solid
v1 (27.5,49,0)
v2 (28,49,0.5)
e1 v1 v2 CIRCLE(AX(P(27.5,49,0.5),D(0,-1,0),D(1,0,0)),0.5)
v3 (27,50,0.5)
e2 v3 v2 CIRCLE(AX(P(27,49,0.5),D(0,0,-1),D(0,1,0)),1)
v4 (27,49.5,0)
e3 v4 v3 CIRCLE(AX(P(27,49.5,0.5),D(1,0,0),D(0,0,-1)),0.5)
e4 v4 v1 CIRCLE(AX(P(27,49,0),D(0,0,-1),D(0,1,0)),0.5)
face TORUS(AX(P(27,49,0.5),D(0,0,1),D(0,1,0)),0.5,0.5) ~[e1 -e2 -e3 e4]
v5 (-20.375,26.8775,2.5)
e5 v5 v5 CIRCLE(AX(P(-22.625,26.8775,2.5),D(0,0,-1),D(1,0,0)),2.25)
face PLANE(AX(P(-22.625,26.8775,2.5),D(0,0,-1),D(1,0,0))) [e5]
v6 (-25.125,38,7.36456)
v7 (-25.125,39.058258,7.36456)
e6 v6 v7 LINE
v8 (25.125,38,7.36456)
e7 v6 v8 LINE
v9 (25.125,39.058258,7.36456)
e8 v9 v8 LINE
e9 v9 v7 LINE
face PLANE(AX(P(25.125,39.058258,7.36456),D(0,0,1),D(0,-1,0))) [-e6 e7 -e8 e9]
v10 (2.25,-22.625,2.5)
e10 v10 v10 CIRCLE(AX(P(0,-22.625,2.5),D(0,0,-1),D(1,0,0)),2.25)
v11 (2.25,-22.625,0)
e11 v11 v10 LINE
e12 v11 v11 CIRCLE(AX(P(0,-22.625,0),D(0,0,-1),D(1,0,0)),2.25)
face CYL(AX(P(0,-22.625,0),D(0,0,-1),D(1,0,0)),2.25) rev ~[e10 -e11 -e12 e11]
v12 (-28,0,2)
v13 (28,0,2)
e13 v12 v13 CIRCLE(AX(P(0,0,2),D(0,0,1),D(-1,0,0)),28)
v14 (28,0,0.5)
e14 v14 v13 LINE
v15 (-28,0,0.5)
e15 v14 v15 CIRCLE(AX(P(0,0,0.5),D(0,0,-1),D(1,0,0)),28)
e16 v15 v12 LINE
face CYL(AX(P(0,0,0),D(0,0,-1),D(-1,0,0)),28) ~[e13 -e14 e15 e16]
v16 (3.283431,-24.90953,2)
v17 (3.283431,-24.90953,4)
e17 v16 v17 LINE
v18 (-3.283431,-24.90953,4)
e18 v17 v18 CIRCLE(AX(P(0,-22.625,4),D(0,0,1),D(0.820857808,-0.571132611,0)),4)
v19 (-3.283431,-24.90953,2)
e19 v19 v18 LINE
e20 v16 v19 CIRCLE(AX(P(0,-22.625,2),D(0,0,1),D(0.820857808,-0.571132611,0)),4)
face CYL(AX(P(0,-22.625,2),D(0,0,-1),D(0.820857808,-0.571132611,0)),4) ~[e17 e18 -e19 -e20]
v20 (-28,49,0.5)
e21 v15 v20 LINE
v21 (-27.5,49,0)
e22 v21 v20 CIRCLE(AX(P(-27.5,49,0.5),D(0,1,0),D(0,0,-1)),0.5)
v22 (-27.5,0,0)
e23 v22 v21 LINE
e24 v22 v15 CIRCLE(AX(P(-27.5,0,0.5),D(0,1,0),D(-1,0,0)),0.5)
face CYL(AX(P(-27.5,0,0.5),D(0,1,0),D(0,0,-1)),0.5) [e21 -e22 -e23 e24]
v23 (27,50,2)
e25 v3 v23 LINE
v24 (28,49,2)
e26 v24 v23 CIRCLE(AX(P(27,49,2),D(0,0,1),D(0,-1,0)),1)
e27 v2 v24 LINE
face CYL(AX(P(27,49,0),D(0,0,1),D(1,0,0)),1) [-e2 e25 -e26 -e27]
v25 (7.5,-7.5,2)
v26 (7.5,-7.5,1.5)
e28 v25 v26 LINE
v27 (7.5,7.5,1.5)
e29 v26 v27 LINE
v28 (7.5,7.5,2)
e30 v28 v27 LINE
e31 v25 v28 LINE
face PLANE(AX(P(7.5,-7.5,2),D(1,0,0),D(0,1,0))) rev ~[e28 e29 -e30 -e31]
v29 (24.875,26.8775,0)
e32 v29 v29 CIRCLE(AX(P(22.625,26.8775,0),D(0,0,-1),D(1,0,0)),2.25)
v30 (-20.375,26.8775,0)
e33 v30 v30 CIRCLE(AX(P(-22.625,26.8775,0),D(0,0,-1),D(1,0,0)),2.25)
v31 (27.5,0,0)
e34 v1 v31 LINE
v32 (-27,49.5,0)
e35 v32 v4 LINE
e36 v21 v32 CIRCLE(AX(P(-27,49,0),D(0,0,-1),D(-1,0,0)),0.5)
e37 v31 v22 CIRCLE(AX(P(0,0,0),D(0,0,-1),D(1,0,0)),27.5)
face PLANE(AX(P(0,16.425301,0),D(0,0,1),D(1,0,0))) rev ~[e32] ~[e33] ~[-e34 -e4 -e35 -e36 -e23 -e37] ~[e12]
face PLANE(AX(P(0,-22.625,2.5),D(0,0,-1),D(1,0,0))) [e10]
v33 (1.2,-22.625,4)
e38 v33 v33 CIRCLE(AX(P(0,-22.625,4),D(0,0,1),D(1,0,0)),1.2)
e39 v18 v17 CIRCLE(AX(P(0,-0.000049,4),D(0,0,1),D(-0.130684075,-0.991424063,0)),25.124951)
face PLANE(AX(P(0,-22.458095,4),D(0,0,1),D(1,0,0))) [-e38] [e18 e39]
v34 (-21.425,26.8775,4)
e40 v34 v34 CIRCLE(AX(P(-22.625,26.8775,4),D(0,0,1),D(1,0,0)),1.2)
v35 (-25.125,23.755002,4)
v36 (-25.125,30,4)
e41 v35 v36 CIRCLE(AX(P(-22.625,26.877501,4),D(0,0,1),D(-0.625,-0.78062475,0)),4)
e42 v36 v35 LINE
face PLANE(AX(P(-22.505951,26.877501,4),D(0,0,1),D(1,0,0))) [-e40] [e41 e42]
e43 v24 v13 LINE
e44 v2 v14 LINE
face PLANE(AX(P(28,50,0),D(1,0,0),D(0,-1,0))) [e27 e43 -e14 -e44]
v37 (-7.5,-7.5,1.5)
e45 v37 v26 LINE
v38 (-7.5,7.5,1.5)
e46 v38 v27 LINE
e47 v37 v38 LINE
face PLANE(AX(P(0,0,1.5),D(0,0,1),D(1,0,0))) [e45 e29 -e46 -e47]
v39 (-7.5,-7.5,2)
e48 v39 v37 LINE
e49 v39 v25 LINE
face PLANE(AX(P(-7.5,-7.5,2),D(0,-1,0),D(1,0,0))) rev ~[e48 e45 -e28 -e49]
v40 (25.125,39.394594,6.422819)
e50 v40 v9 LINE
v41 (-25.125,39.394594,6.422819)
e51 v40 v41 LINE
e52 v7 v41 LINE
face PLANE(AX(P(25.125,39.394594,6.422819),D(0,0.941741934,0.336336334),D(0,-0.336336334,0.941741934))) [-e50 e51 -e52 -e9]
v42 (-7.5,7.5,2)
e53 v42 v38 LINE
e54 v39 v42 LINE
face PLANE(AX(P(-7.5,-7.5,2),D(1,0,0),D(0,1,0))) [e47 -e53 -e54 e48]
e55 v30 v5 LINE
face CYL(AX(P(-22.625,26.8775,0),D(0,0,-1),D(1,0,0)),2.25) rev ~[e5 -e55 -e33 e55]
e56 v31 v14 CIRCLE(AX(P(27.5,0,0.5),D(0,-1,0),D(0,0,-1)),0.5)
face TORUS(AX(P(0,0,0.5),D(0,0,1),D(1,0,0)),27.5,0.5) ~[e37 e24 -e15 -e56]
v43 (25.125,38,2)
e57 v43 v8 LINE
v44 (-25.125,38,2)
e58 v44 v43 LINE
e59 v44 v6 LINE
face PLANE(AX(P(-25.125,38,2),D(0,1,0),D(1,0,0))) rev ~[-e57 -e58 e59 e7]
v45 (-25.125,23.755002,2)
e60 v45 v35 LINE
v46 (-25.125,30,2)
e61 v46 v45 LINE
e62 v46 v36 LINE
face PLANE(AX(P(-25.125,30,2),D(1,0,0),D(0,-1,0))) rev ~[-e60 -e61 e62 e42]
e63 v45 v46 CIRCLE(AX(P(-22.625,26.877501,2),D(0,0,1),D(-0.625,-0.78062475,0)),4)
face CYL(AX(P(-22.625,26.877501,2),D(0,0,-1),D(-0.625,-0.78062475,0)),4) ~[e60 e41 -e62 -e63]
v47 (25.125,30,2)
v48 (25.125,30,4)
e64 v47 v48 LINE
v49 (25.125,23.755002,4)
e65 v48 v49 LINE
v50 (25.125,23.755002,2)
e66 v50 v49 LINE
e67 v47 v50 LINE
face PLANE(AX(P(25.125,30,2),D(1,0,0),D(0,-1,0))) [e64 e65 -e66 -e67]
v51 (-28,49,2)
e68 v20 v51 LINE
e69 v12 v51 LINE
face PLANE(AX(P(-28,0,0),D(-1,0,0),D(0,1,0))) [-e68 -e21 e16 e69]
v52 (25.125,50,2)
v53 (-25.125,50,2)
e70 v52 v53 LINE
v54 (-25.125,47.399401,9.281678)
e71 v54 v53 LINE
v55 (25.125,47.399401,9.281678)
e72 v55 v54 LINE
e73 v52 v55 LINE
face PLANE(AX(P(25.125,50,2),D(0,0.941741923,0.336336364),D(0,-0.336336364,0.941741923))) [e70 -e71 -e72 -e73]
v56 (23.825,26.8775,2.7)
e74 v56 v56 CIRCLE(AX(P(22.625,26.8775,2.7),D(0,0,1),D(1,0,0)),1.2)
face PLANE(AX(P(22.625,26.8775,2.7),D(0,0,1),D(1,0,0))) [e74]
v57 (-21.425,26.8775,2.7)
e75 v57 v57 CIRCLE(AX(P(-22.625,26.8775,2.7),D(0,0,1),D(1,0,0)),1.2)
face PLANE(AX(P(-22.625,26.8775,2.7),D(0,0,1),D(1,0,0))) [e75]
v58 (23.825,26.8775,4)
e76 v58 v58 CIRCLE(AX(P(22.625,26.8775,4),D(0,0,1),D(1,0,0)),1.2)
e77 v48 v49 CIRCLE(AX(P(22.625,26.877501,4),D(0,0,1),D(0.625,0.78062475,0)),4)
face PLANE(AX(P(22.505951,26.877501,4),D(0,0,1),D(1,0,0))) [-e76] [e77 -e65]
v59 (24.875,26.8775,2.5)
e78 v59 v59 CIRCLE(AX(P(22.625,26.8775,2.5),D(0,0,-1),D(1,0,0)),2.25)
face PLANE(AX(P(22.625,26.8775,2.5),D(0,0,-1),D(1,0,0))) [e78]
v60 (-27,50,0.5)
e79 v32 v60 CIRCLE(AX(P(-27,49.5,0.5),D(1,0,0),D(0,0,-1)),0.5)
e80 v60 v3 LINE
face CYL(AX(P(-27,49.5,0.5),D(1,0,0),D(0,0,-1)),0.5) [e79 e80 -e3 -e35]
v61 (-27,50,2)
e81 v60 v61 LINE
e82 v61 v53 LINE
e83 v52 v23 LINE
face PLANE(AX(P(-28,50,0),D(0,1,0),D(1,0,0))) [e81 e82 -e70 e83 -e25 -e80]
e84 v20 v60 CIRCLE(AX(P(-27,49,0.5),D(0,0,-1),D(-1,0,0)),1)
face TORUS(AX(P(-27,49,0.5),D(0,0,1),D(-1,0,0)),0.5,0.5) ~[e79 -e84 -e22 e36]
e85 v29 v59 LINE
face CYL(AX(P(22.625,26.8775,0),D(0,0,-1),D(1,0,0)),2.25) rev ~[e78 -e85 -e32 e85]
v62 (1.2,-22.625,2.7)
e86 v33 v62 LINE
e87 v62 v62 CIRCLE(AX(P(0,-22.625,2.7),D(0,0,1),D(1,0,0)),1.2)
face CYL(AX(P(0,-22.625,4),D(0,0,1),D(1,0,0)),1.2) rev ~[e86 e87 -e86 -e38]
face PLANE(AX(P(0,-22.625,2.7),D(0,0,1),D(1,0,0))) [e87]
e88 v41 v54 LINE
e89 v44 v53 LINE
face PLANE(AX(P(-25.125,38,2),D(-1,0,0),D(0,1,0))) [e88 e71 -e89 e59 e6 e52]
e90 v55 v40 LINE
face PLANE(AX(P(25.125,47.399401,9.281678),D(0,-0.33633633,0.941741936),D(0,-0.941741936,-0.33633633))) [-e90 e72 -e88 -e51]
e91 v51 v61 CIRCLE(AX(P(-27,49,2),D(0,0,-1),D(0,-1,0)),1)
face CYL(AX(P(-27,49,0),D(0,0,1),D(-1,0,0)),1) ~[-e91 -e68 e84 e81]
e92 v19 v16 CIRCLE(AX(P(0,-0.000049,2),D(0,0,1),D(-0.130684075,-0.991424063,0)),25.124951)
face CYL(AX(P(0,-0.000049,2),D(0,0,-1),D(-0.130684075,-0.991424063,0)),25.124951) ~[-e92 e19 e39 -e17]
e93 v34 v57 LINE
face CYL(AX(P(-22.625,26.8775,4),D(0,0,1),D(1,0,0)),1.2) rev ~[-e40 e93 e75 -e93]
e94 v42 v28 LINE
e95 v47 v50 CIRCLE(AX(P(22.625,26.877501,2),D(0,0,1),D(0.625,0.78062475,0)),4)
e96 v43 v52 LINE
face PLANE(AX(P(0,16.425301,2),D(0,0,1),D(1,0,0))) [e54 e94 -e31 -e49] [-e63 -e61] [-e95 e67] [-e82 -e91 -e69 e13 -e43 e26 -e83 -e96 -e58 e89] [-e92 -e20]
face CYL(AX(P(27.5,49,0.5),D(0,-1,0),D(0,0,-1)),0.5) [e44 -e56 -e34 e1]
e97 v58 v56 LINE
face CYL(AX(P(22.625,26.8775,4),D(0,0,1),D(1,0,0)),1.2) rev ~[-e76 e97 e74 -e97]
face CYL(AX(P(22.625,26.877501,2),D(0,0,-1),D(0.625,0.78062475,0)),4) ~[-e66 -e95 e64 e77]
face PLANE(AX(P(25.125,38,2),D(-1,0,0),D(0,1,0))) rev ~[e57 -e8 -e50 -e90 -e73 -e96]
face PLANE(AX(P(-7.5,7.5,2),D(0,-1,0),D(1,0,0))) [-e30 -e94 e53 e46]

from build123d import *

# Parameters (mm, degrees)
PAD_DEPTH       = 2
SKETCH001_W     = 50.25
SKETCH001_H     = 12
PAD001_DEPTH    = 10
POCKET_DEPTH    = 53.126
SKETCH003_W     = 15
SKETCH003_H     = 15
POCKET001_DEPTH = 0.5
PAD002_DEPTH    = 2
SKETCH005_R     = 1.2
POCKET002_DEPTH = 1.3
SKETCH006_R     = 2.25
POCKET003_DEPTH = 2.5
FILLET_R        = 1
FILLET001_R     = 0.5


with BuildPart() as part:
    # Sketch → Pad (new body)
    with BuildSketch(Plane.XY):
        with BuildLine():
            ThreePointArc((-28, 0), (0, -28), (28, 0))
            Line((28, 50), (28, 0))
            Line((-28, 50), (28, 50))
            Line((-28, 0), (-28, 50))
        make_face()
    extrude(amount=PAD_DEPTH)

    # Sketch001 → Pad001 (new body)
    with BuildSketch(Plane.XY.offset(2)):
        with Locations((0, 44)):
            Rectangle(SKETCH001_W, SKETCH001_H)
    extrude(amount=PAD001_DEPTH)

    # Sketch002 → Pocket (cut, through all)
    with BuildSketch(Plane.YZ.offset(25.125)):
        Polygon((50, 2), (47.399401, 9.281678), (39.394594, 6.422819), (39.058258, 7.36456), (34, 7.36456), (34, 14), (52, 14), (52, 2), align=None)
    extrude(amount=-POCKET_DEPTH, mode=Mode.SUBTRACT)

    # Sketch003 → Pocket001 (cut)
    with BuildSketch(Plane.XY.offset(2)):
        Rectangle(SKETCH003_W, SKETCH003_H)
    extrude(amount=-POCKET001_DEPTH, mode=Mode.SUBTRACT)

    # Sketch004 → Pad002 (new body)
    with BuildSketch(Plane.XY.offset(2)):
        with BuildLine():
            ThreePointArc((-25.125, 23.755002), (-18.625, 26.877501), (-25.125, 30))
            Line((-25.125, 30), (-25.125, 23.755002))
        make_face()
        with BuildLine():
            ThreePointArc((25.125, 30), (18.625, 26.877501), (25.125, 23.755002))
            Line((25.125, 30), (25.125, 23.755002))
        make_face()
        with BuildLine():
            ThreePointArc((3.283431, -24.90953), (0, -18.625), (-3.283431, -24.90953))
            ThreePointArc((-3.283431, -24.90953), (0, -25.125), (3.283431, -24.90953))
        make_face()
    extrude(amount=PAD002_DEPTH)

    # Sketch005 → Pocket002 (cut)
    with BuildSketch(Plane.XY.offset(4)):
        with Locations((-22.625, 26.8775)):
            Circle(SKETCH005_R)
        with Locations((22.625, 26.8775)):
            Circle(SKETCH005_R)
        with Locations((0, -22.625)):
            Circle(SKETCH005_R)
    extrude(amount=-POCKET002_DEPTH, mode=Mode.SUBTRACT)

    # Sketch006 → Pocket003 (cut)
    with BuildSketch(Plane(origin=(0, 0, 0), x_dir=(1, 0, 0), z_dir=(0, 0, -1))):
        with Locations((0, 22.625)):
            Circle(SKETCH006_R)
        with Locations((-22.625, -26.8775)):
            Circle(SKETCH006_R)
        with Locations((22.625, -26.8775)):
            Circle(SKETCH006_R)
    extrude(amount=-POCKET003_DEPTH, mode=Mode.SUBTRACT)

    # Fillet
    fillet_edges = [part.edges().sort_by_distance(p)[0] for p in [
        (-28, 50, 1),
        (28, 50, 1),
    ]]
    fillet(fillet_edges, radius=FILLET_R)

    # Fillet001
    fillet001_edges = [part.edges().sort_by_distance(p)[0] for p in [
        (0, 50, 0),
        (27.707107, 49.707107, 0),
        (28, 24.5, 0),
        (0, -28, 0),
        (-28, 24.5, 0),
        (-27.707107, 49.707107, 0),
    ]]
    fillet(fillet001_edges, radius=FILLET001_R)


solid = part.part
